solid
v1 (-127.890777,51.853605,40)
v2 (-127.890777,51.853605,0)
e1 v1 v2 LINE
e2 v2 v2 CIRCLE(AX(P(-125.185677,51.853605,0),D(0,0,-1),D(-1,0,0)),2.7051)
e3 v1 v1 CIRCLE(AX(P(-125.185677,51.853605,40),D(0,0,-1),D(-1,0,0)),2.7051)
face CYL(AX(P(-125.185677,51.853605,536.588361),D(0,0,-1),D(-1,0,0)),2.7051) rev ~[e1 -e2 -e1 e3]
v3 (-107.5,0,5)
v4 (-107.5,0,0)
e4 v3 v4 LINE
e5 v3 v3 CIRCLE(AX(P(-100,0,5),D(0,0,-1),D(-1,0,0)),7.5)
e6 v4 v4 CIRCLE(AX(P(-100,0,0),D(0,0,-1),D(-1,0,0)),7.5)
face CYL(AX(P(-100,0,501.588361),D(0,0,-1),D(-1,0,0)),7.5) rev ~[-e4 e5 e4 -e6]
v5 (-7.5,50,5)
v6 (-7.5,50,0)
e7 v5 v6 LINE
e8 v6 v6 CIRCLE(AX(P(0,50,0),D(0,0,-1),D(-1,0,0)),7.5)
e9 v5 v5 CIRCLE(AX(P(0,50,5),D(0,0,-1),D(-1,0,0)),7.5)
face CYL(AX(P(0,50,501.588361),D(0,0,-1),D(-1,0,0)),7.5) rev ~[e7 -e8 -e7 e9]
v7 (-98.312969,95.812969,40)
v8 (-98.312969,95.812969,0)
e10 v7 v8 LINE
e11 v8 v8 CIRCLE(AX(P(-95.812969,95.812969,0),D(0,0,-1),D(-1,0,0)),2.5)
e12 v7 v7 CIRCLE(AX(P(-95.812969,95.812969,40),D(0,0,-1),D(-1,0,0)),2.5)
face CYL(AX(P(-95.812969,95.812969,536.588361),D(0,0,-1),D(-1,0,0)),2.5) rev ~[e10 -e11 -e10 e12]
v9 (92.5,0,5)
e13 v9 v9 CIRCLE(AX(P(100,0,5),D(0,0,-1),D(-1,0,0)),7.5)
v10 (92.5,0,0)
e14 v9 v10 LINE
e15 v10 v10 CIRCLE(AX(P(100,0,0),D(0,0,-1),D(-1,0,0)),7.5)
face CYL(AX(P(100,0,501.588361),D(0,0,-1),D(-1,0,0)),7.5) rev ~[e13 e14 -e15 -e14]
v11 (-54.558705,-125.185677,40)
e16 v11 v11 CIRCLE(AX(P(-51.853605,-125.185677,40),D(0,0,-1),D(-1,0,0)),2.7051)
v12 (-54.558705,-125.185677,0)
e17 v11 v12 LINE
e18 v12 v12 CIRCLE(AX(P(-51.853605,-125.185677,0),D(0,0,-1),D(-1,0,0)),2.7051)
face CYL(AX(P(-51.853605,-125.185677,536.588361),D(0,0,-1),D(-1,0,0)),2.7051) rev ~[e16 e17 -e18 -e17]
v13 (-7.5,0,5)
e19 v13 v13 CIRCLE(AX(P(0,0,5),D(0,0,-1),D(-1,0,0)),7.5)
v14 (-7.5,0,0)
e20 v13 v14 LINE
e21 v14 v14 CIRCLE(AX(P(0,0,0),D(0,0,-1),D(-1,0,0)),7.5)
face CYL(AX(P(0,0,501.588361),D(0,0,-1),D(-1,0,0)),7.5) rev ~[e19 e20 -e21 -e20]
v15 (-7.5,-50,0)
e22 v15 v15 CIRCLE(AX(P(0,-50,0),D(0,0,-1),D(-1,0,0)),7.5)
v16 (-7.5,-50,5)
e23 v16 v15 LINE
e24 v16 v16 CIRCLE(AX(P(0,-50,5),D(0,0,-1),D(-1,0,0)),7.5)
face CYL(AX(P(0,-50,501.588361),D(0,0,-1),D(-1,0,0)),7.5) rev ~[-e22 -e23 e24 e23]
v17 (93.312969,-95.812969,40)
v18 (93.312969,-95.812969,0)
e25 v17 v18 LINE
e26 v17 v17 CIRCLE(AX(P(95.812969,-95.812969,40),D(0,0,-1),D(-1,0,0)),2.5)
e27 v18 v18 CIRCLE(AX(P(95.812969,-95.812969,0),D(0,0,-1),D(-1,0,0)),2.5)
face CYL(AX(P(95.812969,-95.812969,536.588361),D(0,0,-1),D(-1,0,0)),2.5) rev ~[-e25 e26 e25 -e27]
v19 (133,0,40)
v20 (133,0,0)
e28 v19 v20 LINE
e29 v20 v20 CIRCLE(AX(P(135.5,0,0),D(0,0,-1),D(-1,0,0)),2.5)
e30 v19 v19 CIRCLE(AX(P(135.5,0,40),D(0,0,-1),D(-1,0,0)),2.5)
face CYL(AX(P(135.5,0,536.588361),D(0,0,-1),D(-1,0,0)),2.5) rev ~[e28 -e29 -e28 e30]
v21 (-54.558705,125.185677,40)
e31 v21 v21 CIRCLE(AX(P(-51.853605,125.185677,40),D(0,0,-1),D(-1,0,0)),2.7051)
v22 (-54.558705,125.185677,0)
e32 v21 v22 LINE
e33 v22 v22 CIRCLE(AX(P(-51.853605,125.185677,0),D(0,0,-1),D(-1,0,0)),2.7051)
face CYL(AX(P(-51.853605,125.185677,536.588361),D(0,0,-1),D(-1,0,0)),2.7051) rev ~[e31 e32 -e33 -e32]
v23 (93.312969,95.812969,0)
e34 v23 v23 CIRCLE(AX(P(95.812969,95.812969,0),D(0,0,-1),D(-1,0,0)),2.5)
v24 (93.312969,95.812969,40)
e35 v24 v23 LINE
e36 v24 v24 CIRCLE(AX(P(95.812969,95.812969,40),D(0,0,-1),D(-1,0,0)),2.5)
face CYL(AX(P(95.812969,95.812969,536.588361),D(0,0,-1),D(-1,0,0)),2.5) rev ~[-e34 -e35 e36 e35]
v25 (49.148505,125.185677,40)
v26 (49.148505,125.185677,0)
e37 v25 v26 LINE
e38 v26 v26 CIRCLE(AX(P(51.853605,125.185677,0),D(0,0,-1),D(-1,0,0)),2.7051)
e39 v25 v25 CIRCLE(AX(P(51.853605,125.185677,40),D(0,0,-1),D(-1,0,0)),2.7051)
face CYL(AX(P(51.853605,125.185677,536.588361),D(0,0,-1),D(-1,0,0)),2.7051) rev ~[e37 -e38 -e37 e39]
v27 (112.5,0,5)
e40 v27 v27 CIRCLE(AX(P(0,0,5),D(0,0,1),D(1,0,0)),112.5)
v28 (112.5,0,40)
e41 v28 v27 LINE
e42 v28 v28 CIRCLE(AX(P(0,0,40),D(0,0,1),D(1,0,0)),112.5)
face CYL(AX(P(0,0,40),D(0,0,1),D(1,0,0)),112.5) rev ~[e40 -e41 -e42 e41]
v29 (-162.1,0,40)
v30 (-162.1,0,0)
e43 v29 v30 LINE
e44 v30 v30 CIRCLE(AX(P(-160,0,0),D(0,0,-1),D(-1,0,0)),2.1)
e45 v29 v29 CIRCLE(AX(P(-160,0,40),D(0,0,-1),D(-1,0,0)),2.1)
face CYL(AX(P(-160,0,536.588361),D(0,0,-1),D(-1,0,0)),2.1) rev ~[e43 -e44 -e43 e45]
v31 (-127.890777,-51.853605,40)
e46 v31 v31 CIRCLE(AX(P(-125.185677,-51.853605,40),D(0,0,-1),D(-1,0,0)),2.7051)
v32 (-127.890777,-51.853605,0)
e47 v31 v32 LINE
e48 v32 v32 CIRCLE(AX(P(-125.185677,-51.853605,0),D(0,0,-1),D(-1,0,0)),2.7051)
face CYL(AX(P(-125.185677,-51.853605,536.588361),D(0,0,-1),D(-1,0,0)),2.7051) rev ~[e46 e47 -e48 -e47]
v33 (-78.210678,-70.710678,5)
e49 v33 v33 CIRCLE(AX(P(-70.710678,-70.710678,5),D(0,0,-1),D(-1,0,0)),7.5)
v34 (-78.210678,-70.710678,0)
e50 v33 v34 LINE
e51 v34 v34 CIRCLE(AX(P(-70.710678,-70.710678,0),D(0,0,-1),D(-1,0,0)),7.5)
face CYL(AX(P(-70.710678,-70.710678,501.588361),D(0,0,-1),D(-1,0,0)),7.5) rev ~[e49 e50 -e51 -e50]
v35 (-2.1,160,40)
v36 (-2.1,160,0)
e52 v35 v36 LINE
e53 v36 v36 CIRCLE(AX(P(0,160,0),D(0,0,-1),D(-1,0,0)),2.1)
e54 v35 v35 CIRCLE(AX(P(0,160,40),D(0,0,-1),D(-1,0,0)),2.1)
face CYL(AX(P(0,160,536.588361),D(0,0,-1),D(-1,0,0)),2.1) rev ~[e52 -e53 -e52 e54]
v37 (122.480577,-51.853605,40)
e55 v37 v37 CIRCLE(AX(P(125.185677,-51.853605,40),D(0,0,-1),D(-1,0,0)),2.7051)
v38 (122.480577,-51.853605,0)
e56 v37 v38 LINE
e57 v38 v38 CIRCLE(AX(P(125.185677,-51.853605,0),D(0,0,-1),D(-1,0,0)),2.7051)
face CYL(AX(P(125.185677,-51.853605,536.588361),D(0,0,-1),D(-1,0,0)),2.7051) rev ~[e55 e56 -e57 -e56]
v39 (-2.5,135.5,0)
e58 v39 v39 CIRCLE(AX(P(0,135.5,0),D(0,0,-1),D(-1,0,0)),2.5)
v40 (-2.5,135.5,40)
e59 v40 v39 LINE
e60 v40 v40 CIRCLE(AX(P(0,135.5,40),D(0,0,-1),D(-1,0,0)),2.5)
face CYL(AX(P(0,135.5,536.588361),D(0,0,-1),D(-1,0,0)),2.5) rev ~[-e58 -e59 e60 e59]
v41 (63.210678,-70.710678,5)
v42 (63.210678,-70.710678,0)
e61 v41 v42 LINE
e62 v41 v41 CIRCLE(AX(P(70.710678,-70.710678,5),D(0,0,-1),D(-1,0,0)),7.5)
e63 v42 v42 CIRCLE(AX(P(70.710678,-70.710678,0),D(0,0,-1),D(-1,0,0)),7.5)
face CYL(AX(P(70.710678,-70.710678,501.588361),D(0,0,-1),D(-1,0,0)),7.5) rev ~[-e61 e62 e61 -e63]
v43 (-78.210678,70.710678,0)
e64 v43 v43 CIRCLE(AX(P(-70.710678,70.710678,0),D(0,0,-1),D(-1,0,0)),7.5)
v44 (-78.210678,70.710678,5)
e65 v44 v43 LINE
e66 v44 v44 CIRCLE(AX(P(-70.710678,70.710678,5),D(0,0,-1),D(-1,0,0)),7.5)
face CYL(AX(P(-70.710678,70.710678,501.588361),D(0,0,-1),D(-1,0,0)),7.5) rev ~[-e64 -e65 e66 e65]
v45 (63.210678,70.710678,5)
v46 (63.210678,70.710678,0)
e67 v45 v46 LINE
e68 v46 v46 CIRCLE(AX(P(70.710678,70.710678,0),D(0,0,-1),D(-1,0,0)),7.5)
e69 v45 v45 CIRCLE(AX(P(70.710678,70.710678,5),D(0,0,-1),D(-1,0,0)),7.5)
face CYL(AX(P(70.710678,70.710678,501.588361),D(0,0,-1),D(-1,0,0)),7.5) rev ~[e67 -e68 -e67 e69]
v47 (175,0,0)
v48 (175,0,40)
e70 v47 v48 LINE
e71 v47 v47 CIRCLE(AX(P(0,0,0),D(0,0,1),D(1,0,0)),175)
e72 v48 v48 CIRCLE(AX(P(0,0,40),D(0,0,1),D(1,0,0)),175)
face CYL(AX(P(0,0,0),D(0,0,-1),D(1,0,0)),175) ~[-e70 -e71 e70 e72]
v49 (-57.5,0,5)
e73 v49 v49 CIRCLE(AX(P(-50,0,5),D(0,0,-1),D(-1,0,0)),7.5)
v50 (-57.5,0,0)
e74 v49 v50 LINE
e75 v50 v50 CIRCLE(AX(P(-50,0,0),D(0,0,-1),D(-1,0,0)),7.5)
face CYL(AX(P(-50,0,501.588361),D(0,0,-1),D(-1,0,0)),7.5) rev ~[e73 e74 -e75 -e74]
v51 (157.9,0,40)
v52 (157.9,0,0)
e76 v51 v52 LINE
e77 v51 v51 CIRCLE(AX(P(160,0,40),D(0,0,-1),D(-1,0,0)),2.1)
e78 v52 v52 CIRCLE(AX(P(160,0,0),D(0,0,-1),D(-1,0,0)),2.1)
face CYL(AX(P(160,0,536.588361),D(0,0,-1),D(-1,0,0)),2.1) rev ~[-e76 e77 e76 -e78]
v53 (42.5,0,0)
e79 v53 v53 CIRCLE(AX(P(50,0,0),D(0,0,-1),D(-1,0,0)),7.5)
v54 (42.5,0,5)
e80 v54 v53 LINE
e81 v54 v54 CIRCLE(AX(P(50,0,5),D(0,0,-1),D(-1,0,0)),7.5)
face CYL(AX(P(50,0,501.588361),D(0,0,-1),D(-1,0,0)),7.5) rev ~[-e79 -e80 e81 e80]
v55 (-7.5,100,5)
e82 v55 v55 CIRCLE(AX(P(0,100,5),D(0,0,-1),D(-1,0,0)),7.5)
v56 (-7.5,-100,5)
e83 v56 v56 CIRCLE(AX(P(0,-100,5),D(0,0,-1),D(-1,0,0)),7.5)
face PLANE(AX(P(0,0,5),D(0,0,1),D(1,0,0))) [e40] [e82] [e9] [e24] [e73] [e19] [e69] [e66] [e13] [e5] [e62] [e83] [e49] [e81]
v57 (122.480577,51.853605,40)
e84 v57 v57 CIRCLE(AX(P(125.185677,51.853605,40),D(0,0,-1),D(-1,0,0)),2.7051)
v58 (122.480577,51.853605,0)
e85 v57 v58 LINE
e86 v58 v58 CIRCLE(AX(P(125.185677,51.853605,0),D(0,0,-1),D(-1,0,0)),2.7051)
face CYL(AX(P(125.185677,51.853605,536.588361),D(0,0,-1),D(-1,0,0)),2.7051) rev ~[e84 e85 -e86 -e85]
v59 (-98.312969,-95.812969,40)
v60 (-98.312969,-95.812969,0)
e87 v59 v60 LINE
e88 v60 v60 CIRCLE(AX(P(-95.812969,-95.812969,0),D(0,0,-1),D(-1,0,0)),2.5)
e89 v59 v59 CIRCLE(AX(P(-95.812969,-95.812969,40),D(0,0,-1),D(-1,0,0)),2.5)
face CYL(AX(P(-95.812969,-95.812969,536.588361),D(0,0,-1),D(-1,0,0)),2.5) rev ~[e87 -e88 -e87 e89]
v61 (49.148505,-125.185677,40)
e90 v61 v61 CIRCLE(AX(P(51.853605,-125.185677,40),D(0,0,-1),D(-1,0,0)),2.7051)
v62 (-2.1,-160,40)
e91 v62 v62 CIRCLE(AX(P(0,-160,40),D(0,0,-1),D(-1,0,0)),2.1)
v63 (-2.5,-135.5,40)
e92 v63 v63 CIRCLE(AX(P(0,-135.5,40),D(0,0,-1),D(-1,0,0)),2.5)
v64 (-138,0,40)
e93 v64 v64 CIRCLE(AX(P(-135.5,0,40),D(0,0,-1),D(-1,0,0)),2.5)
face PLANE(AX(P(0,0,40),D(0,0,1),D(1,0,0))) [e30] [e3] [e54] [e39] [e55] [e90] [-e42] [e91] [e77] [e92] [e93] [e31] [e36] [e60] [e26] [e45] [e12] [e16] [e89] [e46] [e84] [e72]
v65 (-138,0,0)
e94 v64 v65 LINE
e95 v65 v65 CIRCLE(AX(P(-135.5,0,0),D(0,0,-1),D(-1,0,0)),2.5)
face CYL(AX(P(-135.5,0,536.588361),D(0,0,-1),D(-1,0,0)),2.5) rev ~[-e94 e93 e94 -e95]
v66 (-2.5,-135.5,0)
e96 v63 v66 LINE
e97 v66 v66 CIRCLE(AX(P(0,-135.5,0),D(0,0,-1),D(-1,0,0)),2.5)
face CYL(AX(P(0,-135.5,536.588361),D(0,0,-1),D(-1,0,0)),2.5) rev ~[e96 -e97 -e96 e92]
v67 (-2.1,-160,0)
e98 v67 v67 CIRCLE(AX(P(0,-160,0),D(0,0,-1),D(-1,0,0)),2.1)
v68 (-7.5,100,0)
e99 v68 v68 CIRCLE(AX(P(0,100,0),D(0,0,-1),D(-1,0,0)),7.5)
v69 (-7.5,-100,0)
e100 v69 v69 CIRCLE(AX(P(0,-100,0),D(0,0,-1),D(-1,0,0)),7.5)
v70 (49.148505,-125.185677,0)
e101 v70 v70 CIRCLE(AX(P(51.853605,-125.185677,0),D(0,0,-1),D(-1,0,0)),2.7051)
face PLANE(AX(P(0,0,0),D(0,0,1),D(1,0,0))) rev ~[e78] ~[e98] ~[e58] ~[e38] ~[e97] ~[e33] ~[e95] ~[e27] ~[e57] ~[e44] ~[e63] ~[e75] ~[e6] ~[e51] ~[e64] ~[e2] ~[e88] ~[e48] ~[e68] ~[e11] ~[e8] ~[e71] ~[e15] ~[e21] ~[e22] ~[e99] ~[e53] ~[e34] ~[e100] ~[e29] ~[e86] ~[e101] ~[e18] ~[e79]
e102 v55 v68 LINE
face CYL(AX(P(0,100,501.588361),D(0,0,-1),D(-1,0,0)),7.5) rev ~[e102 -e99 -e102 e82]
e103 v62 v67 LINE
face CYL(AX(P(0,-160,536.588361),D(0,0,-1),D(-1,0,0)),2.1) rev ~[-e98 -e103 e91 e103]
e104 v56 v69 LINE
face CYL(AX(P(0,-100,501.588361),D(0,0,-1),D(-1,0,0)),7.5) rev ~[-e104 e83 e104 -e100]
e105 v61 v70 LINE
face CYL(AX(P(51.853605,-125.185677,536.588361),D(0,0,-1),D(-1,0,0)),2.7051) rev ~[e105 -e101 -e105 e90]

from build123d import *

# Parameters (mm, degrees)
SKETCH_1_R             = 175
EXTRUDE_1_DEPTH        = 40
SKETCH_2_R             = 112.5
CUT_EXTRUDE_1_DEPTH    = 35
HOLE_WIZARD_M12_1_D    = 15
M6X1_0_1_D             = 5
HOLE_WIZARD_1_4_28_1_D = 5.4102
M5X0_8_1_D             = 4.2


with BuildPart() as part:
    # ｽｹｯﾁ1 → ﾎﾞｽ - 押し出し1 (new body)
    with BuildSketch(Plane.XY):
        Circle(SKETCH_1_R)
    extrude(amount=EXTRUDE_1_DEPTH)

    # ｽｹｯﾁ2 → ｶｯﾄ - 押し出し1 (cut)
    with BuildSketch(Plane.XY.offset(40)):
        Circle(SKETCH_2_R)
    extrude(amount=-CUT_EXTRUDE_1_DEPTH, mode=Mode.SUBTRACT)

    # M12 すきま穴1 (through all)
    with Locations(Plane.XY.offset(5)):
        with Locations((0, 100), (0, 50), (70.710678119, 70.710678119), (100, 0), (70.710678119, -70.710678119), (0, -100), (-70.710678119, -70.710678119), (-100, 0), (-70.710678119, 70.710678119), (0, 0), (50, 0), (0, -50), (-50, 0)):
            Hole(HOLE_WIZARD_M12_1_D / 2)

    # M6x1.0 ねじ穴1 (through all)
    with Locations(Plane.XY.offset(40)):
        with Locations((0, 135.5), (95.812968851, 95.812968851), (135.5, 0), (95.812968851, -95.812968851), (0, -135.5), (-95.812968851, -95.812968851), (-135.5, 0), (-95.812968851, 95.812968851), (0, 0)):
            Hole(M6X1_0_1_D / 2)

    # 1/4-28 ねじ穴1 (through all)
    with Locations(Plane.XY.offset(40)):
        with Locations((51.853605085, 125.185676655), (125.185676655, 51.853605085), (125.185676655, -51.853605085), (51.853605085, -125.185676655), (-51.853605085, -125.185676655), (-125.185676655, -51.853605085), (-125.185676655, 51.853605085), (-51.853605085, 125.185676655), (0, 0)):
            Hole(HOLE_WIZARD_1_4_28_1_D / 2)

    # M5x0.8 ねじ穴1 (through all)
    with Locations(Plane.XY.offset(40)):
        with Locations((0, 160), (160, 0), (0, -160), (-160, 0), (0, 0)):
            Hole(M5X0_8_1_D / 2)


solid = part.part
